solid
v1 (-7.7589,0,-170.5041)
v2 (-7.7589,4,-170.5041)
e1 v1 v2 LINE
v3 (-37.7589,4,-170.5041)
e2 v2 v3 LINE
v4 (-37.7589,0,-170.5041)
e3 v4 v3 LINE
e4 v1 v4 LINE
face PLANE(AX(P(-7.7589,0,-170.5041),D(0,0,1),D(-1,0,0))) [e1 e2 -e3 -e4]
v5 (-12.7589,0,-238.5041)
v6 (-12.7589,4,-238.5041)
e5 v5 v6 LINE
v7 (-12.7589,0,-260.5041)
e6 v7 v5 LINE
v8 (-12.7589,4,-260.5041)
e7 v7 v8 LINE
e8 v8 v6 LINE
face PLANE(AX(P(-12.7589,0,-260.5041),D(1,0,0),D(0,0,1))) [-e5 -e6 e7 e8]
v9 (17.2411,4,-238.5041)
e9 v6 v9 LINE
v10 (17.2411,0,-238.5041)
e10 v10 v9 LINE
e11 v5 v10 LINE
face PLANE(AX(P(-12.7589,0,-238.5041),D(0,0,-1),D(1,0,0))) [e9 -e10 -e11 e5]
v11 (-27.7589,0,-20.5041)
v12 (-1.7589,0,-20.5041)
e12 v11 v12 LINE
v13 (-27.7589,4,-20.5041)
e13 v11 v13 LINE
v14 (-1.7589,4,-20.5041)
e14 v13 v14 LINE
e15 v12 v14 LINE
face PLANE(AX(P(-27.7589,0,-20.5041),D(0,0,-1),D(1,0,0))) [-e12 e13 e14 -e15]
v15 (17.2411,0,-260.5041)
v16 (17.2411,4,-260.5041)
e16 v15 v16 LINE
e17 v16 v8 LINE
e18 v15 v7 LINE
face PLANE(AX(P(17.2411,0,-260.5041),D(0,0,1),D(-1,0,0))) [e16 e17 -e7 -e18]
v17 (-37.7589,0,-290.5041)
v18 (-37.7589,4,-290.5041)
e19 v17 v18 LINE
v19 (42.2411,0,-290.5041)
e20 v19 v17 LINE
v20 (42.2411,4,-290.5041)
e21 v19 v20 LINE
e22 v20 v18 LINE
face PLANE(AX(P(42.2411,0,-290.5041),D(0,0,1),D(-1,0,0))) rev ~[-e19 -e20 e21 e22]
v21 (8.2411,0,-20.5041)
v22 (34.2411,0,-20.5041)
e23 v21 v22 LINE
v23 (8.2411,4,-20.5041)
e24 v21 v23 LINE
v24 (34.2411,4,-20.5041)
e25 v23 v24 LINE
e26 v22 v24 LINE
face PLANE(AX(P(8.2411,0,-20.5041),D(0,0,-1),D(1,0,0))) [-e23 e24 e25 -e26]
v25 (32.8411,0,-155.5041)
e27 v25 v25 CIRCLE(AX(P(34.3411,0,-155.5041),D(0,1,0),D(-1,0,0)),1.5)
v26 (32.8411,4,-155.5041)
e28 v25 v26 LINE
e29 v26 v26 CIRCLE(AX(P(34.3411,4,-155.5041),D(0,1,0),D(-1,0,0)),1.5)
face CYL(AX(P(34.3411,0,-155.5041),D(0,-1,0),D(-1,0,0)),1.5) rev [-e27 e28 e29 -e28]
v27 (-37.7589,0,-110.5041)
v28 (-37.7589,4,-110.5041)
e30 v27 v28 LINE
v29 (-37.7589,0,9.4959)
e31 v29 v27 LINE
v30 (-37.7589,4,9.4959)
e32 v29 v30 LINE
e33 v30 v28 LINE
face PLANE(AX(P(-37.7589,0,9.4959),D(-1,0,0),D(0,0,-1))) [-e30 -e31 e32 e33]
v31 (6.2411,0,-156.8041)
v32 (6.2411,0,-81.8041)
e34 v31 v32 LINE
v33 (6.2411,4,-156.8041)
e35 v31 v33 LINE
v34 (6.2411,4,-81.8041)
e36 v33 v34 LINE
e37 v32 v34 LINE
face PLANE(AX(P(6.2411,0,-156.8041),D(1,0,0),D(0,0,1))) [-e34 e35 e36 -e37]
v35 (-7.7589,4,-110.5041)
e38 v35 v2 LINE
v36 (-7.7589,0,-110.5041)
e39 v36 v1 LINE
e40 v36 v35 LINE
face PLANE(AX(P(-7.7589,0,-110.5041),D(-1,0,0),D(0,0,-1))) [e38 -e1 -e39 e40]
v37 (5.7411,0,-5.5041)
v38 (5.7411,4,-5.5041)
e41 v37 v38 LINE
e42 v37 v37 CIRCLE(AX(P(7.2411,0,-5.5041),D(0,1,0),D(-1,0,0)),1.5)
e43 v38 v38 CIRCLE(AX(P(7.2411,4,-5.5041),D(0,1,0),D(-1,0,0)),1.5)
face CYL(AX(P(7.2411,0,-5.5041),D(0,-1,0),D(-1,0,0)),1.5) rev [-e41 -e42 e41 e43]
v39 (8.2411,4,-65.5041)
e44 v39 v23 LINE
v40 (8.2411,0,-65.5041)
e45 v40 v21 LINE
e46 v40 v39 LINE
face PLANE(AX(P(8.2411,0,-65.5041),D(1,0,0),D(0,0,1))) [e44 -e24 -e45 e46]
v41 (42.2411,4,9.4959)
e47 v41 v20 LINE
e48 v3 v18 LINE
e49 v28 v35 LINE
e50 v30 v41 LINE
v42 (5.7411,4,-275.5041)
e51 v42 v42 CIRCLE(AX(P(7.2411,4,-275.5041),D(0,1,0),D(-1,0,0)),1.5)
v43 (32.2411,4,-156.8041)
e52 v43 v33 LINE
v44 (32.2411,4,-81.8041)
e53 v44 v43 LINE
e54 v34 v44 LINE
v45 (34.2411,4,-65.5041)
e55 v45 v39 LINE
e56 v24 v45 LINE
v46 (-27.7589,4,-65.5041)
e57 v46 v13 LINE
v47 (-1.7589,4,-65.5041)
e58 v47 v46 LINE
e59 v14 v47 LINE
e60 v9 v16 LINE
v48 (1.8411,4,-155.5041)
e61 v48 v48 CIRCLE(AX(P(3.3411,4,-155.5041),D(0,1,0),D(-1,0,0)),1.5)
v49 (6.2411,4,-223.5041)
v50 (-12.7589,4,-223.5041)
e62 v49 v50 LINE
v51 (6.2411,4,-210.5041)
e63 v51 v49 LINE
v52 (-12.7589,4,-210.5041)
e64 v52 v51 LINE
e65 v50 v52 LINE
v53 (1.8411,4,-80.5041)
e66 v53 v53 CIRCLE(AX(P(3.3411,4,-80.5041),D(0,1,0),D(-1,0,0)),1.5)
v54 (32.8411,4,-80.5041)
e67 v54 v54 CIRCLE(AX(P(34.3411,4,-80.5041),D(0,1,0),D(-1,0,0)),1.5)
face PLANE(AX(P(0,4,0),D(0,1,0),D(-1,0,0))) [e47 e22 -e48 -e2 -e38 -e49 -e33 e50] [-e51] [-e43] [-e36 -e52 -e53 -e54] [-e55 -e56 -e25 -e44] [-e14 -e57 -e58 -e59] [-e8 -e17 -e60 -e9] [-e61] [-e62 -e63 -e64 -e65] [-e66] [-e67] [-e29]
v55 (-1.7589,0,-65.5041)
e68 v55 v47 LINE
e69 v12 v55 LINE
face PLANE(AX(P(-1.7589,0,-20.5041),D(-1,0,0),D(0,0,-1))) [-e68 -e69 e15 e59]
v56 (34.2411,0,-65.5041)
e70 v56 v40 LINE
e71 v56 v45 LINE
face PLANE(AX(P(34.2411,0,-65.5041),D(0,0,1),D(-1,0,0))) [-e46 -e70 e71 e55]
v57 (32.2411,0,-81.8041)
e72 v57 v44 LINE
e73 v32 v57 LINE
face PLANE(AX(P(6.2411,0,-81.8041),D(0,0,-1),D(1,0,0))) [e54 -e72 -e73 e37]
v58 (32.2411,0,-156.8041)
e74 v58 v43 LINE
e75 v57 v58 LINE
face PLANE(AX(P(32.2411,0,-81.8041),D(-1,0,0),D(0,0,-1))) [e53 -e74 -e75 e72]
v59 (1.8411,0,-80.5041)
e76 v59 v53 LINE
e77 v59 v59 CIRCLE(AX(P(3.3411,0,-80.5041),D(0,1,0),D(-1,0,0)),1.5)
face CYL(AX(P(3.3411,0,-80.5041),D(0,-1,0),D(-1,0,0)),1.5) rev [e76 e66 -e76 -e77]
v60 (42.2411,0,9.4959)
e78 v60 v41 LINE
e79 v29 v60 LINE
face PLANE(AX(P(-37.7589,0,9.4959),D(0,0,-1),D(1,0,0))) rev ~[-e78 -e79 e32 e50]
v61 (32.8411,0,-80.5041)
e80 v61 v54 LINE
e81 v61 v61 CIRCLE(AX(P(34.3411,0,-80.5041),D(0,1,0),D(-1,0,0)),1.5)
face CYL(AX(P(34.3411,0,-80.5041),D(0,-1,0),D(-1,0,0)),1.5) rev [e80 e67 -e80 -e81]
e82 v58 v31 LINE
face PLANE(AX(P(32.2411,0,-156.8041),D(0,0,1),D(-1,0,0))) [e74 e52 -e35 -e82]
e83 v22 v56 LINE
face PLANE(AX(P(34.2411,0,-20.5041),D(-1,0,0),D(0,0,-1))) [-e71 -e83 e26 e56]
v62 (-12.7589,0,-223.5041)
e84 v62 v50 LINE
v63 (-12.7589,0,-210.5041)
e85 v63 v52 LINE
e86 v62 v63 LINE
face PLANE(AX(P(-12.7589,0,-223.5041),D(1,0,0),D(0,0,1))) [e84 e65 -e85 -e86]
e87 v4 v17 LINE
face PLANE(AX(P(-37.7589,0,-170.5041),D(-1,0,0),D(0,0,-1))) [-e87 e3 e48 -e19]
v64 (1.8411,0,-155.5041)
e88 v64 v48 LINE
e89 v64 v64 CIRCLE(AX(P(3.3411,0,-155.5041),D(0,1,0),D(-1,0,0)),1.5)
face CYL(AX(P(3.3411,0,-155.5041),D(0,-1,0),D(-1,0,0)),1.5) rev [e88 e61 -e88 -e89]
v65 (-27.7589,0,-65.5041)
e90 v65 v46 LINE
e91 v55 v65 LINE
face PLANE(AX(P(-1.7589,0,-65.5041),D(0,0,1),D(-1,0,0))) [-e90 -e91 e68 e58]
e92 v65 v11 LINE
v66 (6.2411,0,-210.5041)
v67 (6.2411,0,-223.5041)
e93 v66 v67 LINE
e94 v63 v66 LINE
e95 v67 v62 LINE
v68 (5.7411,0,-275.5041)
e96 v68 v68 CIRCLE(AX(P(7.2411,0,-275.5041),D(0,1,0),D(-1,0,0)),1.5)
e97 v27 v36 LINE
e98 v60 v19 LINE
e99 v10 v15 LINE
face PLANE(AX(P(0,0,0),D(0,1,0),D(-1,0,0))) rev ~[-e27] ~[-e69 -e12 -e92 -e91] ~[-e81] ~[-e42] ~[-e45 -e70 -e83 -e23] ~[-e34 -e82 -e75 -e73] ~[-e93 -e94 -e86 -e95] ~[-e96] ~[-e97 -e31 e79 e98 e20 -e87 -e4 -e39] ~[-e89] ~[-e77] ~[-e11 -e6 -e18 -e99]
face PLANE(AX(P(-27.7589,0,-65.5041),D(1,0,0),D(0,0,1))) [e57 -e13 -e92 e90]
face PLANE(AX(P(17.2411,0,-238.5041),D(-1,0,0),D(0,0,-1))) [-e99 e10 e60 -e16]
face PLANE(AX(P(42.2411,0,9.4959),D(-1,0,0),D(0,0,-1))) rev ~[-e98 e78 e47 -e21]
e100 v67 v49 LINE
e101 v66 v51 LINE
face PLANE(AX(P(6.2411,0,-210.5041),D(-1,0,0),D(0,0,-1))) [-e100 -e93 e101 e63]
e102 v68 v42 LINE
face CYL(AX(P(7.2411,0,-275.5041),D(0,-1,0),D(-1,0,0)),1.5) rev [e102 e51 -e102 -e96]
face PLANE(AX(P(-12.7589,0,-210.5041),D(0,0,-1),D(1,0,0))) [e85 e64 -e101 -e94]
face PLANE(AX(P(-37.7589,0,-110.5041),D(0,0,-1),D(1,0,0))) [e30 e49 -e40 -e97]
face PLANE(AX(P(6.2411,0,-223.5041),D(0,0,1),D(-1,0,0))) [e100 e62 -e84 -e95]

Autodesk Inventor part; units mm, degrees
ref_plane "YZ Plane" through (0, 0, 0) normal (1, 0, 0) x (0, 1, 0)
ref_plane "XZ Plane" through (0, 0, 0) normal (0, 1, 0) x (-1, 0, 0)
ref_plane "XY Plane" through (0, 0, 0) normal (0, 0, 1) x (1, 0, 0)
sketch "Sketch1" plane through (0, 0, 0) normal (0, 1, 0) x (-1, 0, 0)
  line L0 (37.7589, 9.4959) -> (-42.2411, 9.4959)
  line L1 (-42.2411, 9.4959) -> (-42.2411, -290.5041)
  line L2 (-42.2411, -290.5041) -> (37.7589, -290.5041)
  line L3 (27.7589, -20.5041) -> (1.7589, -20.5041)
  line L4 (1.7589, -20.5041) -> (1.7589, -65.5041)
  line L5 (1.7589, -65.5041) -> (27.7589, -65.5041)
  line L6 (27.7589, -65.5041) -> (27.7589, -20.5041)
  line L7 (-8.2411, -20.5041) -> (-34.2411, -20.5041)
  line L8 (-34.2411, -20.5041) -> (-34.2411, -65.5041)
  line L9 (-34.2411, -65.5041) -> (-8.2411, -65.5041)
  line L10 (-8.2411, -65.5041) -> (-8.2411, -20.5041)
  line L11 (-6.2411, -81.8041) -> (-32.2411, -81.8041)
  line L12 (-32.2411, -81.8041) -> (-32.2411, -156.8041)
  line L13 (-32.2411, -156.8041) -> (-6.2411, -156.8041)
  line L14 (-6.2411, -156.8041) -> (-6.2411, -81.8041)
  circle A0 centre (-3.3411, -80.5041) radius 1.5
  circle A1 centre (-34.3411, -80.5041) radius 1.5
  circle A2 centre (-3.3411, -155.5041) radius 1.5
  circle A3 centre (-34.3411, -155.5041) radius 1.5
  line L15 (37.7589, 9.4959) -> (37.7589, -110.5041)
  line L16 (37.7589, -110.5041) -> (7.7589, -110.5041)
  line L17 (7.7589, -110.5041) -> (7.7589, -170.5041)
  line L18 (7.7589, -170.5041) -> (37.7589, -170.5041)
  line L19 (37.7589, -170.5041) -> (37.7589, -290.5041)
  line L20 (12.7589, -238.5041) -> (-17.2411, -238.5041)
  line L21 (-17.2411, -238.5041) -> (-17.2411, -260.5041)
  line L22 (-17.2411, -260.5041) -> (12.7589, -260.5041)
  line L23 (12.7589, -260.5041) -> (12.7589, -238.5041)
  line L24 (12.7589, -210.5041) -> (-6.2411, -210.5041)
  line L25 (-6.2411, -210.5041) -> (-6.2411, -223.5041)
  line L26 (-6.2411, -223.5041) -> (12.7589, -223.5041)
  line L27 (12.7589, -223.5041) -> (12.7589, -210.5041)
  circle A4 centre (-7.2411, -275.5041) radius 1.5
  circle A5 centre (-7.2411, -5.5041) radius 1.5
  point P0 (0, 0)
  dimension "d0" = 300
  dimension "d1" = 80
  dimension "d4" = 45
  dimension "d5" = 26
  dimension "d6" = 30
  dimension "d8" = 45
  dimension "d9" = 26
  dimension "d10" = 30
  dimension "d11" = 10
  dimension "d12" = 75
  dimension "d13" = 26
  dimension "d16" = 1.3
  dimension "d17" = 2.9
  dimension "d18" = 3
  dimension "d20" = 31
  dimension "d22" = 3
  dimension "d23" = 75
  dimension "d24" = 3
  dimension "d25" = 75
  dimension "d26" = 3
  dimension "d27" = 15
  dimension "d28" = 10
  dimension "d29" = 120
  dimension "d30" = 120
  dimension "d31" = 30
  dimension "d32" = 22
  dimension "d33" = 30
  dimension "d34" = 25
  dimension "d35" = 30
  dimension "d36" = 13
  dimension "d37" = 19
  dimension "d38" = 25
  dimension "d39" = 15
  dimension "d40" = 45
  dimension "d41" = 15
  dimension "d42" = 3
  dimension "d43" = 45
  dimension "d44" = 15
  dimension "d45" = 3
extrude "Extrusion1" add sketch "Sketch1" along normal blind 4
properties part number "support_arriere"
